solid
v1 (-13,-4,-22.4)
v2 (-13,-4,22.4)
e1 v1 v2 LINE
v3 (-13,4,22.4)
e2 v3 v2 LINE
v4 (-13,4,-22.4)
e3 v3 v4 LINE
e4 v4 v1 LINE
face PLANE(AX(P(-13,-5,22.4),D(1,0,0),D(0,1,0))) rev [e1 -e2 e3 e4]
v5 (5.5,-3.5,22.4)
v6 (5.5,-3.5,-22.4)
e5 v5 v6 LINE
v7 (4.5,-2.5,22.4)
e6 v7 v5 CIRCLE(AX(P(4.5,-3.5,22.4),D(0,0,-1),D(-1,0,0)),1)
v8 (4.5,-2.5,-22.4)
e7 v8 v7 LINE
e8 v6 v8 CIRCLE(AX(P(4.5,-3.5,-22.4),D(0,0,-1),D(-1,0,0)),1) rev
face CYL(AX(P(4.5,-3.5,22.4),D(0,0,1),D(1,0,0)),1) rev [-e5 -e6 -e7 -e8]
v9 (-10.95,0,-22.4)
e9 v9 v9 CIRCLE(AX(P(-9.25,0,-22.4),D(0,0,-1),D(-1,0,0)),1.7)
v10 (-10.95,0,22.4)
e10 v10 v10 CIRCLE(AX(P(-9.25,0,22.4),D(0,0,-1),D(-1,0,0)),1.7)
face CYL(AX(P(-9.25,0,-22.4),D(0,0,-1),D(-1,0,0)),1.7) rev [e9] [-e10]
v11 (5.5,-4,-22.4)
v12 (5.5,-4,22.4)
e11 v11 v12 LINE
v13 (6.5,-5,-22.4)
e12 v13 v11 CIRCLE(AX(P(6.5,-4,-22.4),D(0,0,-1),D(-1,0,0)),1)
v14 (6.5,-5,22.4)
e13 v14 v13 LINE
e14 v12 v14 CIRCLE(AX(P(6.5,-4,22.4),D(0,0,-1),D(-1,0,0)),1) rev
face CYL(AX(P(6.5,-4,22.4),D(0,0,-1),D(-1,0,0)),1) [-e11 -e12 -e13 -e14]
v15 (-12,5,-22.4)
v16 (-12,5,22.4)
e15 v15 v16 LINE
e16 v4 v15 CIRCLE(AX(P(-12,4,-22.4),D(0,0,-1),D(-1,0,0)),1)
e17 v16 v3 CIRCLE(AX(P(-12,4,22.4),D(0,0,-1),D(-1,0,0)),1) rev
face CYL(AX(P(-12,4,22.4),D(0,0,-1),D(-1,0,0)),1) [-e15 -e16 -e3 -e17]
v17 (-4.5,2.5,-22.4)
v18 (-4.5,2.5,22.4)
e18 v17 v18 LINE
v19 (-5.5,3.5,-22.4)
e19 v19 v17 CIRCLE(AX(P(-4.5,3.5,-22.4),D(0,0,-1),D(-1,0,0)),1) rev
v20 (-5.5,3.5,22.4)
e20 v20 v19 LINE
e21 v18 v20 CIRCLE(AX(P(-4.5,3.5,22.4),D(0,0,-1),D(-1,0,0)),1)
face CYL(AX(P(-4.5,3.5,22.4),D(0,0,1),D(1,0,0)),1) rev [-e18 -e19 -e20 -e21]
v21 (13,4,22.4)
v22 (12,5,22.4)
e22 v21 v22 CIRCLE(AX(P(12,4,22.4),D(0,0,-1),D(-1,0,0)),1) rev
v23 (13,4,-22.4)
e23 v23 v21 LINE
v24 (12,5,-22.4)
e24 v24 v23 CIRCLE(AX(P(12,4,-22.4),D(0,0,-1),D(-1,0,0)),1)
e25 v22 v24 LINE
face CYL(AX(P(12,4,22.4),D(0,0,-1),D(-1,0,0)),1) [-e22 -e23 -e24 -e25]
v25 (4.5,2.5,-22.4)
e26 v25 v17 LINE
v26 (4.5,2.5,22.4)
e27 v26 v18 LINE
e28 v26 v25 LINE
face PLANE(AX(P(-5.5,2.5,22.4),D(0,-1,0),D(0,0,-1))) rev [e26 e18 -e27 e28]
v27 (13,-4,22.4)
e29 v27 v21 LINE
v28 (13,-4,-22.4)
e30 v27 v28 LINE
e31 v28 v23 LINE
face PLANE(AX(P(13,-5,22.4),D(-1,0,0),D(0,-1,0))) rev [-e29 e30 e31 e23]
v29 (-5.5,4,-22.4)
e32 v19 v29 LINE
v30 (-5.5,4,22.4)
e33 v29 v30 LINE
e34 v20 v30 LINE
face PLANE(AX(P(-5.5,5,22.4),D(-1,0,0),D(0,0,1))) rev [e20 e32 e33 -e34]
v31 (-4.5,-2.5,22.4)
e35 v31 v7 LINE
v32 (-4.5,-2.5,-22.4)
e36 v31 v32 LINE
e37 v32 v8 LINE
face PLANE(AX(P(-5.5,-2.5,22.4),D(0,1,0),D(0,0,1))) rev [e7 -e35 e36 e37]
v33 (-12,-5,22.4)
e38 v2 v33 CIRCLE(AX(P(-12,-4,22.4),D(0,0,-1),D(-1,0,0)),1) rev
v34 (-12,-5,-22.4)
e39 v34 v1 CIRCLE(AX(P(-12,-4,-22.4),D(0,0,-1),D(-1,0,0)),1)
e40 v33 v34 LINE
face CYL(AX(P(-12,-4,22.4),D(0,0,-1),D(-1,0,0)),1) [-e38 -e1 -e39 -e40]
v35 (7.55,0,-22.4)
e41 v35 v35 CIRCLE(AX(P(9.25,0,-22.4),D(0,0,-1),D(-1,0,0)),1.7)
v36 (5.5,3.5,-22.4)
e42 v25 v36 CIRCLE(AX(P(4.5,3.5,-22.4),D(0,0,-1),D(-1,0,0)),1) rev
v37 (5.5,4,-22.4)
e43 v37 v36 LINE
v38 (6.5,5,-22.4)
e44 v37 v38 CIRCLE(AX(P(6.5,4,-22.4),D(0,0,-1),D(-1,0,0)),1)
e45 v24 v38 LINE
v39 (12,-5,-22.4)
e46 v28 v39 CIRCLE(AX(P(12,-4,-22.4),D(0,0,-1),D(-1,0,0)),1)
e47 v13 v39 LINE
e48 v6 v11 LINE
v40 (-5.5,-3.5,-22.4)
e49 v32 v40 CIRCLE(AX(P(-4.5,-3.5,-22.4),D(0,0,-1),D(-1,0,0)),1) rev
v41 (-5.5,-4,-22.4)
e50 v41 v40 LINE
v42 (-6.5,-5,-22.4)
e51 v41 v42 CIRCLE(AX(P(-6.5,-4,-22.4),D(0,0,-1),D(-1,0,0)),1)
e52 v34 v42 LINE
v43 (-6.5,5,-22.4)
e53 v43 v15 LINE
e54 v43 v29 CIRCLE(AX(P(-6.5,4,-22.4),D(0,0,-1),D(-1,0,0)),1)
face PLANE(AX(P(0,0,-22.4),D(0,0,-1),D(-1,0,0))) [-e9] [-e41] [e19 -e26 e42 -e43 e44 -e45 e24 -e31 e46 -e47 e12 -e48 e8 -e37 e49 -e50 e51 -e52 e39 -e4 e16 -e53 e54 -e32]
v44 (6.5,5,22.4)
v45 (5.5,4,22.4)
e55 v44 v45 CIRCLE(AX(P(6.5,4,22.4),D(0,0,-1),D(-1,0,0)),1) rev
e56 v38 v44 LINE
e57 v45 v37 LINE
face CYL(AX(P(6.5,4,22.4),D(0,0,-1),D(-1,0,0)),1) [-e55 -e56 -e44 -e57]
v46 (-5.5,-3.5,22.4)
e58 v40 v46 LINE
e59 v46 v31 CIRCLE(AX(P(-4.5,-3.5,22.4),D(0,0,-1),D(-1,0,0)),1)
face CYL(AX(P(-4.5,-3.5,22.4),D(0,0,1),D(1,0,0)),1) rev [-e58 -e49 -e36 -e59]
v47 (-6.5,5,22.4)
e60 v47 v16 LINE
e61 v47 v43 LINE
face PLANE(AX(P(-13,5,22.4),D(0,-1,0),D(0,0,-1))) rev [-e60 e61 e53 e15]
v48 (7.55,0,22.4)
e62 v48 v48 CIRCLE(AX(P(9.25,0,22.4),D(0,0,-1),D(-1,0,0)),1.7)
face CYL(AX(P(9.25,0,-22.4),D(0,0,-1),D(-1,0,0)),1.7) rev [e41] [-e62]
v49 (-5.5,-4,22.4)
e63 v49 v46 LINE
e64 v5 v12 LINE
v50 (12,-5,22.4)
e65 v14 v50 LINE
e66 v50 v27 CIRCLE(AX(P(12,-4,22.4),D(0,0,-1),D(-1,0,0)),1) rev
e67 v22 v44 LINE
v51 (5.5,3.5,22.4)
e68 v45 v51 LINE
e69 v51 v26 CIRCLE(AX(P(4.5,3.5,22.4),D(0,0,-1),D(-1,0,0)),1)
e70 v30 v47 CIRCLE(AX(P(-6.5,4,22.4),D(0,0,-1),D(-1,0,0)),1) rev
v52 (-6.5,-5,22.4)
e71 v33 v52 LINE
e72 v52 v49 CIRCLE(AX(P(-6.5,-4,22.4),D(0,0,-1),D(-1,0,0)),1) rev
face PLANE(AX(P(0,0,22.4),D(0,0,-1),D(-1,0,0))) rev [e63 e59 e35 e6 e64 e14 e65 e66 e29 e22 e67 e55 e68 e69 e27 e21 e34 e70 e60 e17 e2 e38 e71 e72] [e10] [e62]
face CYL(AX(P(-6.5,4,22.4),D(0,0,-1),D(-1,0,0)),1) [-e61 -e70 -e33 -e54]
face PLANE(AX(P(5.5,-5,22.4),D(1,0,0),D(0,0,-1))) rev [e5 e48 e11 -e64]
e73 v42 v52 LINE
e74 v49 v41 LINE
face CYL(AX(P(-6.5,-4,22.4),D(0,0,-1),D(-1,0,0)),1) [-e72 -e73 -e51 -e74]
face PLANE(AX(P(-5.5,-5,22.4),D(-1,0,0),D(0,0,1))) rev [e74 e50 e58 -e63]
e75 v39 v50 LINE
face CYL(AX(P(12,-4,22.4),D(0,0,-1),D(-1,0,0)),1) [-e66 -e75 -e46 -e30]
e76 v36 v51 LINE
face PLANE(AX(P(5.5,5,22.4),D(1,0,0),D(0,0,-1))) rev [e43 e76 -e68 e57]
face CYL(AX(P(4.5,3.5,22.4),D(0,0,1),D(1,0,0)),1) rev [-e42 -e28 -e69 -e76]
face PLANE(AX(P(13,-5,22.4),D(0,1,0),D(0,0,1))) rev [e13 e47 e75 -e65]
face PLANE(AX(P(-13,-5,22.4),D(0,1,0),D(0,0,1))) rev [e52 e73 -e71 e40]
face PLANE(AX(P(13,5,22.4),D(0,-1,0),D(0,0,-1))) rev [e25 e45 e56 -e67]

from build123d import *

# Parameters (mm, degrees)
SALIENTE_EXTRUIR1_DEPTH      = 22.4
REDONDEO1_R                  = 1
TALADRO_DE_MARGEN_PARA_M31_D = 3.4


with BuildPart() as part:
    # Croquis1 → Saliente-Extruir1 (new, symmetric)
    with BuildSketch(Plane(origin=(0, 0, 0), x_dir=(0, 1, 0), z_dir=(0, 0, 1))):
        Polygon((-5, 13), (5, 13), (5, 5.5), (2.5, 5.5), (2.5, -5.5), (5, -5.5), (5, -13), (-5, -13), (-5, -5.5), (-2.5, -5.5), (-2.5, 5.5), (-5, 5.5), align=None)
    extrude(amount=SALIENTE_EXTRUIR1_DEPTH, both=True)

    # Redondeo1
    redondeo1_edges = [part.edges().sort_by_distance(p)[0] for p in [
        (-5.5, -5, 0),
        (-13, -5, 0),
        (-13, 5, 0),
        (-5.5, 5, 0),
        (-5.5, 2.5, 0),
        (5.5, 2.5, 0),
        (5.5, 5, 0),
        (13, 5, 0),
        (13, -5, 0),
        (5.5, -5, 0),
        (5.5, -2.5, 0),
        (-5.5, -2.5, 0),
    ]]
    fillet(redondeo1_edges, radius=REDONDEO1_R)

    # Taladro de margen para M31 (through all)
    with Locations(Plane(origin=(0, 0, -22.4), x_dir=(1, 0, 0), z_dir=(0, 0, -1))):
        with Locations((9.25, 0), (-9.25, 0)):
            Hole(TALADRO_DE_MARGEN_PARA_M31_D / 2)


solid = part.part
